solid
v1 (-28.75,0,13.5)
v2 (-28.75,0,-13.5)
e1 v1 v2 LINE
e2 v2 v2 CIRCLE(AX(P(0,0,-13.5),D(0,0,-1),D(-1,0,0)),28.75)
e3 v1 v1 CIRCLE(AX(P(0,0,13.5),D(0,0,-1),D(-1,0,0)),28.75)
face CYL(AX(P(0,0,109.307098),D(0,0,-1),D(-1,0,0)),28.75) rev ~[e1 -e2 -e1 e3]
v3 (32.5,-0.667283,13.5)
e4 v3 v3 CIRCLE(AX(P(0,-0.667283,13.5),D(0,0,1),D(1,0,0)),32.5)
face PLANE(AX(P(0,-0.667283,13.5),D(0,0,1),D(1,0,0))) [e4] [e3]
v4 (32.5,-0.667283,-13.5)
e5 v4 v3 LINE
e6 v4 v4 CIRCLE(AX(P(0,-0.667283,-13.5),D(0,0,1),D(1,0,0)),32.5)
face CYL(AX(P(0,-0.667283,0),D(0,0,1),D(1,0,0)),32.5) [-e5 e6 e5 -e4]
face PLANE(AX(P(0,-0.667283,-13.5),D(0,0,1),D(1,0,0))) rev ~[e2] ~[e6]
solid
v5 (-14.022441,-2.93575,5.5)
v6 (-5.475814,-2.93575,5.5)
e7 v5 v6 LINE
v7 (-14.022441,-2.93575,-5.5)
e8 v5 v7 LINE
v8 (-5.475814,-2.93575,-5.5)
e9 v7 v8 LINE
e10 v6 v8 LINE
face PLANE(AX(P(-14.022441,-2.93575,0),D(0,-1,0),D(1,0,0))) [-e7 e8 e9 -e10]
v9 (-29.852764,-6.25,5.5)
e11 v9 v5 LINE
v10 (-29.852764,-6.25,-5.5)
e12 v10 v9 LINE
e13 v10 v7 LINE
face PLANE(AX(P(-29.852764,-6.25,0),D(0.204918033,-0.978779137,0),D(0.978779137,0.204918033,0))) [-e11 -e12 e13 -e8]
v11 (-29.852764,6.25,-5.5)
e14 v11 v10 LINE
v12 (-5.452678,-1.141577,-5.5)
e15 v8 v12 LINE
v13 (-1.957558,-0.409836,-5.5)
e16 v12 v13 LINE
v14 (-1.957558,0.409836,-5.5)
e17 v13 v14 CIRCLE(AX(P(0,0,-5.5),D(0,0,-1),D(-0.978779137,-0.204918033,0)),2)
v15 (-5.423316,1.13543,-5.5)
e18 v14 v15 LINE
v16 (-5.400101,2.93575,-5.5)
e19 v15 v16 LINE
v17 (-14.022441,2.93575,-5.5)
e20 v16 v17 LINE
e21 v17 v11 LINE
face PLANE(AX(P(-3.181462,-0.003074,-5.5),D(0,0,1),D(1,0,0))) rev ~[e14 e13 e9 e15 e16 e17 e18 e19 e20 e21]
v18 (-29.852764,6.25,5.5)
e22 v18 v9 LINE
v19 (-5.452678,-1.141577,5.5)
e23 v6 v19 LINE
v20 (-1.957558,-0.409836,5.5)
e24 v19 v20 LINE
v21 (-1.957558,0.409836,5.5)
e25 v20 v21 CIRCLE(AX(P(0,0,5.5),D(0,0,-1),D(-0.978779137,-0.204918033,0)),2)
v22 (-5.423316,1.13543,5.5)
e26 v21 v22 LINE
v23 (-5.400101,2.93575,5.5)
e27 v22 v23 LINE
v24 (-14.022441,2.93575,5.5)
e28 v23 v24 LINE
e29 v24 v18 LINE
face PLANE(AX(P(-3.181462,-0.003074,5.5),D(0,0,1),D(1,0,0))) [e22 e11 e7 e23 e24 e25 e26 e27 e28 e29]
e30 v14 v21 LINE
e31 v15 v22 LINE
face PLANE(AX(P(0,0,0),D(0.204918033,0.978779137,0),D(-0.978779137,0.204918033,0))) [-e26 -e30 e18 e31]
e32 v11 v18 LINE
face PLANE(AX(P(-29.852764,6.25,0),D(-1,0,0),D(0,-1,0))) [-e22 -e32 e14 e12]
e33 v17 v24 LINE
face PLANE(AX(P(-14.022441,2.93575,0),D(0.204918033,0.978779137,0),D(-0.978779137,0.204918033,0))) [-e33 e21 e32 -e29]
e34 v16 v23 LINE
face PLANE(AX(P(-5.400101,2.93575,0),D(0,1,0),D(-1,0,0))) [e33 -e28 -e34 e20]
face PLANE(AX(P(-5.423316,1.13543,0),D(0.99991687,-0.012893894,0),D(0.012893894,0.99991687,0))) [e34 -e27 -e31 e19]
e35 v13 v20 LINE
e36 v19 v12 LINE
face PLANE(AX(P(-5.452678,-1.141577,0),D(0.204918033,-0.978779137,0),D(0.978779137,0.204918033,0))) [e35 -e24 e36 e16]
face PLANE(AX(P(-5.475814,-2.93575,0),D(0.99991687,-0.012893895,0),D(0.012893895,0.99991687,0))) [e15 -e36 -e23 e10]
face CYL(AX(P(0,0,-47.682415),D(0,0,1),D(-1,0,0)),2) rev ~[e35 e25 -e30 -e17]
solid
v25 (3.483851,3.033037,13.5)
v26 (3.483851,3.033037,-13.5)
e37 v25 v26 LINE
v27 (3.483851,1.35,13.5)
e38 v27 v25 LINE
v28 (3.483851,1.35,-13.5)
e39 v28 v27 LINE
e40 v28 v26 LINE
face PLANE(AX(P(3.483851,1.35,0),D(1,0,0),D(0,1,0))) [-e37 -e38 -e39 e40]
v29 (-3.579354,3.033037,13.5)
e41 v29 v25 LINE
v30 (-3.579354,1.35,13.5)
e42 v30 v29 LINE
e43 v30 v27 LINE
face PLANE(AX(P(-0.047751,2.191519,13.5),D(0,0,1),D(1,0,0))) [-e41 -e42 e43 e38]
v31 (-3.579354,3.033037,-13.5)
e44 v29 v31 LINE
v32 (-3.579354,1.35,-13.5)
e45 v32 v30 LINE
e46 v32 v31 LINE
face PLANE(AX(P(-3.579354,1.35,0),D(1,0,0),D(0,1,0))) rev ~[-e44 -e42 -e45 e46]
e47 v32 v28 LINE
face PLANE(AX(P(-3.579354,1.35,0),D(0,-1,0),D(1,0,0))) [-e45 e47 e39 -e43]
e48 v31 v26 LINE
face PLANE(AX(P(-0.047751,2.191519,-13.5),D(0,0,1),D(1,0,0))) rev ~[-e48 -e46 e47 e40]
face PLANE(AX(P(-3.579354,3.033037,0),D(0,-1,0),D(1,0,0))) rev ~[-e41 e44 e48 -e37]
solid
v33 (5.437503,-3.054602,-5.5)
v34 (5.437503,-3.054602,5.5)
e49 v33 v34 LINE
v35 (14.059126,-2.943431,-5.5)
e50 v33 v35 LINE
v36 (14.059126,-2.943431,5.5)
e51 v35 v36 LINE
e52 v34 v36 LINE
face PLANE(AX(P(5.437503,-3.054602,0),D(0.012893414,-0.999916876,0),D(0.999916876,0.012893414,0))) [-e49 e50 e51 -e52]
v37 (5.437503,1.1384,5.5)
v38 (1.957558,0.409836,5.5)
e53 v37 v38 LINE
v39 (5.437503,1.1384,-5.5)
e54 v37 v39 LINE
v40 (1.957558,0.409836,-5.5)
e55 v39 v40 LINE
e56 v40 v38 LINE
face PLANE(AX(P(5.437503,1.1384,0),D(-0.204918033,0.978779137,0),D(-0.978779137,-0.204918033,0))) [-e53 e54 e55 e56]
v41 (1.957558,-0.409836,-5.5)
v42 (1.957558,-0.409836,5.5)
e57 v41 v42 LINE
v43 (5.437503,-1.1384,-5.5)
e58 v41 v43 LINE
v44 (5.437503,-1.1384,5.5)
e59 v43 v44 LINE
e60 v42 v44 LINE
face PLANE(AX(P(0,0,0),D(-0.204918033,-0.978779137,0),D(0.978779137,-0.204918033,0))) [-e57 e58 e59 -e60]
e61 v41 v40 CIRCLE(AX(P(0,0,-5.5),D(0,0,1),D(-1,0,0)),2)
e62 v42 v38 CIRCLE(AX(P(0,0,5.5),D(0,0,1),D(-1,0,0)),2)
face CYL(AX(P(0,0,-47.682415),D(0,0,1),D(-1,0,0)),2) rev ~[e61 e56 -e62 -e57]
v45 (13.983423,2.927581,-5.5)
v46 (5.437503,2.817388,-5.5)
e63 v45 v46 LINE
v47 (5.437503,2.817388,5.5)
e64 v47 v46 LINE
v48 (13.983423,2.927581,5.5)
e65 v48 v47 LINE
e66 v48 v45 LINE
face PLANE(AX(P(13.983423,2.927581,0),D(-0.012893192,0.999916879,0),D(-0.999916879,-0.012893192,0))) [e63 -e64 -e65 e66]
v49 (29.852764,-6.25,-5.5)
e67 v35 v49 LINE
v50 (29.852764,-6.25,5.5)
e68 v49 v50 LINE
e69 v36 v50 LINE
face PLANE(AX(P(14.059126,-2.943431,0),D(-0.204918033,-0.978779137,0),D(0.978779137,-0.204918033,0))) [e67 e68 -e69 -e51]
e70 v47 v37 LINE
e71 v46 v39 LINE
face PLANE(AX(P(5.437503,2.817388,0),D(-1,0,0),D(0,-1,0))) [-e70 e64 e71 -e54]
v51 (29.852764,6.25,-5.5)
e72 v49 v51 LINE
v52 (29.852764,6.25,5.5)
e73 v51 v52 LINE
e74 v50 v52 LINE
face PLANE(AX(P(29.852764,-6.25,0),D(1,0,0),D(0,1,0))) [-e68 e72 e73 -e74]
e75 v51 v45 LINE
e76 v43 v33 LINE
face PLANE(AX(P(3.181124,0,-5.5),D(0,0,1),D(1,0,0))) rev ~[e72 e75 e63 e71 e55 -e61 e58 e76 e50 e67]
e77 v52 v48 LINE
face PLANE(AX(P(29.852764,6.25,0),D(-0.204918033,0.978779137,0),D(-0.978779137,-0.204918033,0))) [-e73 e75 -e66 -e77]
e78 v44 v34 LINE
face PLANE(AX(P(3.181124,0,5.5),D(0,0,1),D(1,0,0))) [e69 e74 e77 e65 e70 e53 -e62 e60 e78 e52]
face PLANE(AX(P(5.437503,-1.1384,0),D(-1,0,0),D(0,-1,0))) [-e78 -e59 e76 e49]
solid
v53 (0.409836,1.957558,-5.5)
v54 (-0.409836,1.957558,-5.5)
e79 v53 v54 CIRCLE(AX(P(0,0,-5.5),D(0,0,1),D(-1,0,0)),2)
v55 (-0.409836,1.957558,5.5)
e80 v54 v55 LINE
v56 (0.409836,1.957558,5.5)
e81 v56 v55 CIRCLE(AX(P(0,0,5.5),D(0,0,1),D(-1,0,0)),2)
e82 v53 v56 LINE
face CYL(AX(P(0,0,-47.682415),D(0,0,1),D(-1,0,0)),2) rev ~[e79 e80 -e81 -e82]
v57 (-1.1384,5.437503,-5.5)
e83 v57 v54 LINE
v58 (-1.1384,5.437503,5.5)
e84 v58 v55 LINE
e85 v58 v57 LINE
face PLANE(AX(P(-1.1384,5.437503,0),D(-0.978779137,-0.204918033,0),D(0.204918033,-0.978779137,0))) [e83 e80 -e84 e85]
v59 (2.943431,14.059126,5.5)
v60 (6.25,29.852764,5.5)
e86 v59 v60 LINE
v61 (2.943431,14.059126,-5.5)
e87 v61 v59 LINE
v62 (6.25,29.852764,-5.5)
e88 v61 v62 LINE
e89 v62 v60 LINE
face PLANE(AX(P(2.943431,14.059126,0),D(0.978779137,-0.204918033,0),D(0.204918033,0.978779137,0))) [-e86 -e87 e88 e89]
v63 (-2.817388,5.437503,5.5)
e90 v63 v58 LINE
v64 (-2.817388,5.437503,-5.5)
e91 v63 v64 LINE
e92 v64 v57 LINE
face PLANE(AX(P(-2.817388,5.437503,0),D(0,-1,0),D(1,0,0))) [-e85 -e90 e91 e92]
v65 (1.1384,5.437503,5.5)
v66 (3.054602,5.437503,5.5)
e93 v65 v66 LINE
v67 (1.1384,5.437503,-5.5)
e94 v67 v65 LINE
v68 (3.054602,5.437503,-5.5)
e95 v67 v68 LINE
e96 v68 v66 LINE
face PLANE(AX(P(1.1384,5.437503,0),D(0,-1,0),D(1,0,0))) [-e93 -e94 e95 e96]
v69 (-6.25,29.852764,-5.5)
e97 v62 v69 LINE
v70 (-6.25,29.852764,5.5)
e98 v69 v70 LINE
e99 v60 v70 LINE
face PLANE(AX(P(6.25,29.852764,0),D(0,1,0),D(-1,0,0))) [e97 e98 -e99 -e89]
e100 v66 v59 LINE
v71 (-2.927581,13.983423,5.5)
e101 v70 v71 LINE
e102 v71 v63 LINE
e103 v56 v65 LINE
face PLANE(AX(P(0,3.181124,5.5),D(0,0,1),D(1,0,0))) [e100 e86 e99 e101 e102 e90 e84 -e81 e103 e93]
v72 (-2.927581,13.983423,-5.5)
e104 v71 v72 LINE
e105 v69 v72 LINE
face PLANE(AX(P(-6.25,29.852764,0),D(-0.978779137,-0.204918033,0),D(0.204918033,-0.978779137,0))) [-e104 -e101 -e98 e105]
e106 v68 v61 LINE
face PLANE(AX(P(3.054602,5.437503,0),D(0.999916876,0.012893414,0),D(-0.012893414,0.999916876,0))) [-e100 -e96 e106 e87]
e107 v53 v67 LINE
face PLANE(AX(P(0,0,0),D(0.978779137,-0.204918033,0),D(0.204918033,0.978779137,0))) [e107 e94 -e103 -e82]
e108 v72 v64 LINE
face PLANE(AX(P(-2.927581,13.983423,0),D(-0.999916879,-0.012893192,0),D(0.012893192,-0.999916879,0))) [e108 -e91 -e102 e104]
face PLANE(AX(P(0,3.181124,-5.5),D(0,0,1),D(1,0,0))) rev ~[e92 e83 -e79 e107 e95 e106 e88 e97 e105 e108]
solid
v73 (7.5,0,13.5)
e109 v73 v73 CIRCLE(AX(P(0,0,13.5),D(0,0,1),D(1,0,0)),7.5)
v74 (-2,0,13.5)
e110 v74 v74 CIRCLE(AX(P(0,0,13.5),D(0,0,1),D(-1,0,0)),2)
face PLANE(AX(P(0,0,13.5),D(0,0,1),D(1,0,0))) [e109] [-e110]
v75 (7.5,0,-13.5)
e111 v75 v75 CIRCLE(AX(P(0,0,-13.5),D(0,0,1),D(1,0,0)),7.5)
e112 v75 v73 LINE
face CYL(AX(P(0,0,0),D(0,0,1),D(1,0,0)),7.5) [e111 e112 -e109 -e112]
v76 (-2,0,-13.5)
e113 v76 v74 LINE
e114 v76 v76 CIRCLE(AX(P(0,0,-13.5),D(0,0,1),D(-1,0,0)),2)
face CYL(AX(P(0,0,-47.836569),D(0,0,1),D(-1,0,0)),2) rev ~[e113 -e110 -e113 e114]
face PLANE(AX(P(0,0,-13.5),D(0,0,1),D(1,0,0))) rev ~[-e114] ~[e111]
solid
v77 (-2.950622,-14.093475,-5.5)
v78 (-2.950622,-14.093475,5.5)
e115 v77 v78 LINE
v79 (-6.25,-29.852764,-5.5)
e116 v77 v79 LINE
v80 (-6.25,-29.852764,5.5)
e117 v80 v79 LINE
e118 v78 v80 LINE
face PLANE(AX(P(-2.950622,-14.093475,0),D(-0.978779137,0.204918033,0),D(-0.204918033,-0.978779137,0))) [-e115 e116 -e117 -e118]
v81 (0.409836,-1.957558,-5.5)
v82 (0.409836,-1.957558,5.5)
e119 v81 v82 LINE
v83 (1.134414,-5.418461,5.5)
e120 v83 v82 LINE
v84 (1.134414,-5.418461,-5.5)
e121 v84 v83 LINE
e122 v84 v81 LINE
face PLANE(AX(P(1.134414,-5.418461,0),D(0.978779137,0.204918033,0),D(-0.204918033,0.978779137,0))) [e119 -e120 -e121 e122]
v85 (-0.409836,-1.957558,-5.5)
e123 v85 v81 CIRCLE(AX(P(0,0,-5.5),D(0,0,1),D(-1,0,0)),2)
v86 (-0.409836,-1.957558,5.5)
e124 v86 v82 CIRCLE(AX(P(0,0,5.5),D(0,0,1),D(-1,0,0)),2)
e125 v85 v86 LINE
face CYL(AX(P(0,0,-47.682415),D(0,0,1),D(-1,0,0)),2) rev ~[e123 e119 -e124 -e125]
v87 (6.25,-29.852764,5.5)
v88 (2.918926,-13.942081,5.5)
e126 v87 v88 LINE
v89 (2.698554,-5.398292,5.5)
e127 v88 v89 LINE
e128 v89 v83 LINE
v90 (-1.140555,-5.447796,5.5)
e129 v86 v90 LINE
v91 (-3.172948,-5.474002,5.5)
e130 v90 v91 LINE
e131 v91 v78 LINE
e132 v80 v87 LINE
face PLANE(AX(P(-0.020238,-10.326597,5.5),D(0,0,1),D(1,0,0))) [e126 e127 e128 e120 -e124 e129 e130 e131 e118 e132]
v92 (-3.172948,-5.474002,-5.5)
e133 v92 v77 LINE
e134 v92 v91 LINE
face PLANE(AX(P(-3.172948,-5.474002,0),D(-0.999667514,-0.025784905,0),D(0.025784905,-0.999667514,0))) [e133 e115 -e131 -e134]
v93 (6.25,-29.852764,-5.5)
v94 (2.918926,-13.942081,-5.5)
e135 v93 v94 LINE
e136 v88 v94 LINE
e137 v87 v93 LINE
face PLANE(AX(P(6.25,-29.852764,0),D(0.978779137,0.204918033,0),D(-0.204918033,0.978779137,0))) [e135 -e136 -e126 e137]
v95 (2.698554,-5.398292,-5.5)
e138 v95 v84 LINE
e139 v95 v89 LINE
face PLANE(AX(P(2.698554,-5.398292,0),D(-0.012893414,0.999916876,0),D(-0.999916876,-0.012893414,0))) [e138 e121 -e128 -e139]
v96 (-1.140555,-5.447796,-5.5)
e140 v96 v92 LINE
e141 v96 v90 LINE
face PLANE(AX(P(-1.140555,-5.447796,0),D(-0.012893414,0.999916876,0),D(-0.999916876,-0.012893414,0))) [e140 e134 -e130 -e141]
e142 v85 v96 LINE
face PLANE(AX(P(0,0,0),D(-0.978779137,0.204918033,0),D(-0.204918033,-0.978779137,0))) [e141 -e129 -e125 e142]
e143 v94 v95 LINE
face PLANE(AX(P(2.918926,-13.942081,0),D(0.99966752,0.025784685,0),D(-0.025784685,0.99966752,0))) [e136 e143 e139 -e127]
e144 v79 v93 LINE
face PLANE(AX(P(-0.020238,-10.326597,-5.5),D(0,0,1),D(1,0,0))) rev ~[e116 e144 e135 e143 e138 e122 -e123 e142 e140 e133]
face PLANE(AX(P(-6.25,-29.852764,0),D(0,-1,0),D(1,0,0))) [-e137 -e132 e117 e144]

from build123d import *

# Parameters (mm, degrees)
F0_R      = 32.5
F1_DEPTH  = 13.5
F3_D      = 57.5
F4_R      = 7.5
F5_DEPTH  = 13.5
F7_DEPTH  = 5.5
F9_D      = 4
F9_2_D    = 4
F9_3_D    = 4
F9_4_D    = 4
F9_5_D    = 4
F10_W     = 7.0632050799
F10_H     = 1.6830373213
F11_DEPTH = 13.5


with BuildPart() as f1:
    # F0 (on Top) → F1 (new body, symmetric)
    with BuildSketch(Plane.XY):
        with Locations((0, -0.6672826035)):
            Circle(F0_R)
    extrude(amount=F1_DEPTH, both=True)

    # F3 (through all)
    with Locations(Plane.XY.offset(13.5)):
        with Locations((0, 0)):
            Hole(F3_D / 2)


with BuildPart() as f5:
    # F4 (on Top) → F5 (new body, symmetric)
    with BuildSketch(Plane.XY):
        Circle(F4_R)
    extrude(amount=F5_DEPTH, both=True)

    # F9 (through all)
    with Locations(Plane(origin=(0, 0, -13.5), x_dir=(1, 0, 0), z_dir=(0, 0, -1))):
        with Locations((0, 0)):
            Hole(F9_D / 2)


with BuildPart() as f7:
    # F6 (on Top) → F7 (new body, symmetric)
    with BuildSketch(Plane.XY):
        Polygon((-5.4526781901, -1.1415773441), (0, 0), (-5.4233162555, 1.1354301045), align=None)
        Polygon((-5.4758139886, -2.9357501771), (-5.4526781901, -1.1415773441), (-14.0224410071, -2.9357501771), align=None)
        Polygon((-14.0224410071, -2.9357501771), (-5.4526781901, -1.1415773441), (-5.4233162555, 1.1354301045), (-14.0224410071, 2.9357501771), align=None)
        Polygon((-14.0224410071, 2.9357501771), (-5.4233162555, 1.1354301045), (-5.4001011886, 2.9357501771), align=None)
        Polygon((-29.8527636912, -6.25), (-14.0224410071, -2.9357501771), (-14.0224410071, 2.9357501771), (-29.8527636912, 6.25), align=None)
    extrude(amount=F7_DEPTH, both=True)

    # F9#2 (through all)
    with Locations(Plane(origin=(0, 0, -13.5), x_dir=(1, 0, 0), z_dir=(0, 0, -1))):
        with Locations((0, 0)):
            Hole(F9_2_D / 2)


with BuildPart() as f7b:
    # F6 (on Top) → F7, piece 2 (new body, symmetric)
    with BuildSketch(Plane.XY):
        Polygon((-1.1384002799, 5.4375031268), (0, 0), (1.1384002799, 5.4375031268), align=None)
        Polygon((-1.1384002799, 5.4375031268), (1.1384002799, 5.4375031268), (2.9434306638, 14.0591264075), (-2.9275812765, 13.9834227253), align=None)
        Polygon((2.9434306638, 14.0591264075), (1.1384002799, 5.4375031268), (3.0546020659, 5.4375031268), align=None)
        Polygon((-2.8173879341, 5.4375031268), (-1.1384002799, 5.4375031268), (-2.9275812765, 13.9834227253), align=None)
        Polygon((-2.9275812765, 13.9834227253), (2.9434306638, 14.0591264075), (6.25, 29.8527636912), (-6.25, 29.8527636912), align=None)
    extrude(amount=F7_DEPTH, both=True)

    # F9#3 (through all)
    with Locations(Plane(origin=(0, 0, -13.5), x_dir=(1, 0, 0), z_dir=(0, 0, -1))):
        with Locations((0, 0)):
            Hole(F9_3_D / 2)


with BuildPart() as f7c:
    # F6 (on Top) → F7, piece 3 (new body, symmetric)
    with BuildSketch(Plane.XY):
        Polygon((5.4375031268, 1.1384002799), (0, 0), (5.4375031268, -1.1384002799), align=None)
        Polygon((5.4375031268, 1.1384002799), (5.4375031268, -1.1384002799), (14.0591264075, -2.9434306638), (13.9834227253, 2.9275812765), align=None)
        Polygon((14.0591264075, -2.9434306638), (5.4375031268, -1.1384002799), (5.4375031268, -3.0546020659), align=None)
        Polygon((5.4375031268, 2.8173879341), (5.4375031268, 1.1384002799), (13.9834227253, 2.9275812765), align=None)
        Polygon((13.9834227253, 2.9275812765), (14.0591264075, -2.9434306638), (29.8527636912, -6.25), (29.8527636912, 6.25), align=None)
    extrude(amount=F7_DEPTH, both=True)

    # F9#4 (through all)
    with Locations(Plane(origin=(0, 0, -13.5), x_dir=(1, 0, 0), z_dir=(0, 0, -1))):
        with Locations((0, 0)):
            Hole(F9_4_D / 2)


with BuildPart() as f7d:
    # F6 (on Top) → F7, piece 4 (new body, symmetric)
    with BuildSketch(Plane.XY):
        Polygon((-2.9506219909, -14.0934753658), (2.9189258512, -13.9420805869), (1.1344135947, -5.4184609555), (-1.1405551016, -5.4477955079), align=None)
        Polygon((1.1344135947, -5.4184609555), (2.9189258512, -13.9420805869), (2.6985536874, -5.3982921727), align=None)
        Polygon((6.25, -29.8527636912), (2.9189258512, -13.9420805869), (-2.9506219909, -14.0934753658), (-6.25, -29.8527636912), align=None)
        Polygon((-1.1405551016, -5.4477955079), (1.1344135947, -5.4184609555), (0, 0), align=None)
        Polygon((-3.1729482121, -5.4740021727), (-2.9506219909, -14.0934753658), (-1.1405551016, -5.4477955079), align=None)
    extrude(amount=F7_DEPTH, both=True)

    # F9#5 (through all)
    with Locations(Plane(origin=(0, 0, -13.5), x_dir=(1, 0, 0), z_dir=(0, 0, -1))):
        with Locations((0, 0)):
            Hole(F9_5_D / 2)


with BuildPart() as f11:
    # F10 (on Top) → F11 (new body, symmetric)
    with BuildSketch(Plane.XY):
        with Locations((-0.0477514695, 2.1915186606)):
            Rectangle(F10_W, F10_H)
    extrude(amount=F11_DEPTH, both=True)


solid = Compound([f1.part, f5.part, f7.part, f7b.part, f7c.part, f7d.part, f11.part])
